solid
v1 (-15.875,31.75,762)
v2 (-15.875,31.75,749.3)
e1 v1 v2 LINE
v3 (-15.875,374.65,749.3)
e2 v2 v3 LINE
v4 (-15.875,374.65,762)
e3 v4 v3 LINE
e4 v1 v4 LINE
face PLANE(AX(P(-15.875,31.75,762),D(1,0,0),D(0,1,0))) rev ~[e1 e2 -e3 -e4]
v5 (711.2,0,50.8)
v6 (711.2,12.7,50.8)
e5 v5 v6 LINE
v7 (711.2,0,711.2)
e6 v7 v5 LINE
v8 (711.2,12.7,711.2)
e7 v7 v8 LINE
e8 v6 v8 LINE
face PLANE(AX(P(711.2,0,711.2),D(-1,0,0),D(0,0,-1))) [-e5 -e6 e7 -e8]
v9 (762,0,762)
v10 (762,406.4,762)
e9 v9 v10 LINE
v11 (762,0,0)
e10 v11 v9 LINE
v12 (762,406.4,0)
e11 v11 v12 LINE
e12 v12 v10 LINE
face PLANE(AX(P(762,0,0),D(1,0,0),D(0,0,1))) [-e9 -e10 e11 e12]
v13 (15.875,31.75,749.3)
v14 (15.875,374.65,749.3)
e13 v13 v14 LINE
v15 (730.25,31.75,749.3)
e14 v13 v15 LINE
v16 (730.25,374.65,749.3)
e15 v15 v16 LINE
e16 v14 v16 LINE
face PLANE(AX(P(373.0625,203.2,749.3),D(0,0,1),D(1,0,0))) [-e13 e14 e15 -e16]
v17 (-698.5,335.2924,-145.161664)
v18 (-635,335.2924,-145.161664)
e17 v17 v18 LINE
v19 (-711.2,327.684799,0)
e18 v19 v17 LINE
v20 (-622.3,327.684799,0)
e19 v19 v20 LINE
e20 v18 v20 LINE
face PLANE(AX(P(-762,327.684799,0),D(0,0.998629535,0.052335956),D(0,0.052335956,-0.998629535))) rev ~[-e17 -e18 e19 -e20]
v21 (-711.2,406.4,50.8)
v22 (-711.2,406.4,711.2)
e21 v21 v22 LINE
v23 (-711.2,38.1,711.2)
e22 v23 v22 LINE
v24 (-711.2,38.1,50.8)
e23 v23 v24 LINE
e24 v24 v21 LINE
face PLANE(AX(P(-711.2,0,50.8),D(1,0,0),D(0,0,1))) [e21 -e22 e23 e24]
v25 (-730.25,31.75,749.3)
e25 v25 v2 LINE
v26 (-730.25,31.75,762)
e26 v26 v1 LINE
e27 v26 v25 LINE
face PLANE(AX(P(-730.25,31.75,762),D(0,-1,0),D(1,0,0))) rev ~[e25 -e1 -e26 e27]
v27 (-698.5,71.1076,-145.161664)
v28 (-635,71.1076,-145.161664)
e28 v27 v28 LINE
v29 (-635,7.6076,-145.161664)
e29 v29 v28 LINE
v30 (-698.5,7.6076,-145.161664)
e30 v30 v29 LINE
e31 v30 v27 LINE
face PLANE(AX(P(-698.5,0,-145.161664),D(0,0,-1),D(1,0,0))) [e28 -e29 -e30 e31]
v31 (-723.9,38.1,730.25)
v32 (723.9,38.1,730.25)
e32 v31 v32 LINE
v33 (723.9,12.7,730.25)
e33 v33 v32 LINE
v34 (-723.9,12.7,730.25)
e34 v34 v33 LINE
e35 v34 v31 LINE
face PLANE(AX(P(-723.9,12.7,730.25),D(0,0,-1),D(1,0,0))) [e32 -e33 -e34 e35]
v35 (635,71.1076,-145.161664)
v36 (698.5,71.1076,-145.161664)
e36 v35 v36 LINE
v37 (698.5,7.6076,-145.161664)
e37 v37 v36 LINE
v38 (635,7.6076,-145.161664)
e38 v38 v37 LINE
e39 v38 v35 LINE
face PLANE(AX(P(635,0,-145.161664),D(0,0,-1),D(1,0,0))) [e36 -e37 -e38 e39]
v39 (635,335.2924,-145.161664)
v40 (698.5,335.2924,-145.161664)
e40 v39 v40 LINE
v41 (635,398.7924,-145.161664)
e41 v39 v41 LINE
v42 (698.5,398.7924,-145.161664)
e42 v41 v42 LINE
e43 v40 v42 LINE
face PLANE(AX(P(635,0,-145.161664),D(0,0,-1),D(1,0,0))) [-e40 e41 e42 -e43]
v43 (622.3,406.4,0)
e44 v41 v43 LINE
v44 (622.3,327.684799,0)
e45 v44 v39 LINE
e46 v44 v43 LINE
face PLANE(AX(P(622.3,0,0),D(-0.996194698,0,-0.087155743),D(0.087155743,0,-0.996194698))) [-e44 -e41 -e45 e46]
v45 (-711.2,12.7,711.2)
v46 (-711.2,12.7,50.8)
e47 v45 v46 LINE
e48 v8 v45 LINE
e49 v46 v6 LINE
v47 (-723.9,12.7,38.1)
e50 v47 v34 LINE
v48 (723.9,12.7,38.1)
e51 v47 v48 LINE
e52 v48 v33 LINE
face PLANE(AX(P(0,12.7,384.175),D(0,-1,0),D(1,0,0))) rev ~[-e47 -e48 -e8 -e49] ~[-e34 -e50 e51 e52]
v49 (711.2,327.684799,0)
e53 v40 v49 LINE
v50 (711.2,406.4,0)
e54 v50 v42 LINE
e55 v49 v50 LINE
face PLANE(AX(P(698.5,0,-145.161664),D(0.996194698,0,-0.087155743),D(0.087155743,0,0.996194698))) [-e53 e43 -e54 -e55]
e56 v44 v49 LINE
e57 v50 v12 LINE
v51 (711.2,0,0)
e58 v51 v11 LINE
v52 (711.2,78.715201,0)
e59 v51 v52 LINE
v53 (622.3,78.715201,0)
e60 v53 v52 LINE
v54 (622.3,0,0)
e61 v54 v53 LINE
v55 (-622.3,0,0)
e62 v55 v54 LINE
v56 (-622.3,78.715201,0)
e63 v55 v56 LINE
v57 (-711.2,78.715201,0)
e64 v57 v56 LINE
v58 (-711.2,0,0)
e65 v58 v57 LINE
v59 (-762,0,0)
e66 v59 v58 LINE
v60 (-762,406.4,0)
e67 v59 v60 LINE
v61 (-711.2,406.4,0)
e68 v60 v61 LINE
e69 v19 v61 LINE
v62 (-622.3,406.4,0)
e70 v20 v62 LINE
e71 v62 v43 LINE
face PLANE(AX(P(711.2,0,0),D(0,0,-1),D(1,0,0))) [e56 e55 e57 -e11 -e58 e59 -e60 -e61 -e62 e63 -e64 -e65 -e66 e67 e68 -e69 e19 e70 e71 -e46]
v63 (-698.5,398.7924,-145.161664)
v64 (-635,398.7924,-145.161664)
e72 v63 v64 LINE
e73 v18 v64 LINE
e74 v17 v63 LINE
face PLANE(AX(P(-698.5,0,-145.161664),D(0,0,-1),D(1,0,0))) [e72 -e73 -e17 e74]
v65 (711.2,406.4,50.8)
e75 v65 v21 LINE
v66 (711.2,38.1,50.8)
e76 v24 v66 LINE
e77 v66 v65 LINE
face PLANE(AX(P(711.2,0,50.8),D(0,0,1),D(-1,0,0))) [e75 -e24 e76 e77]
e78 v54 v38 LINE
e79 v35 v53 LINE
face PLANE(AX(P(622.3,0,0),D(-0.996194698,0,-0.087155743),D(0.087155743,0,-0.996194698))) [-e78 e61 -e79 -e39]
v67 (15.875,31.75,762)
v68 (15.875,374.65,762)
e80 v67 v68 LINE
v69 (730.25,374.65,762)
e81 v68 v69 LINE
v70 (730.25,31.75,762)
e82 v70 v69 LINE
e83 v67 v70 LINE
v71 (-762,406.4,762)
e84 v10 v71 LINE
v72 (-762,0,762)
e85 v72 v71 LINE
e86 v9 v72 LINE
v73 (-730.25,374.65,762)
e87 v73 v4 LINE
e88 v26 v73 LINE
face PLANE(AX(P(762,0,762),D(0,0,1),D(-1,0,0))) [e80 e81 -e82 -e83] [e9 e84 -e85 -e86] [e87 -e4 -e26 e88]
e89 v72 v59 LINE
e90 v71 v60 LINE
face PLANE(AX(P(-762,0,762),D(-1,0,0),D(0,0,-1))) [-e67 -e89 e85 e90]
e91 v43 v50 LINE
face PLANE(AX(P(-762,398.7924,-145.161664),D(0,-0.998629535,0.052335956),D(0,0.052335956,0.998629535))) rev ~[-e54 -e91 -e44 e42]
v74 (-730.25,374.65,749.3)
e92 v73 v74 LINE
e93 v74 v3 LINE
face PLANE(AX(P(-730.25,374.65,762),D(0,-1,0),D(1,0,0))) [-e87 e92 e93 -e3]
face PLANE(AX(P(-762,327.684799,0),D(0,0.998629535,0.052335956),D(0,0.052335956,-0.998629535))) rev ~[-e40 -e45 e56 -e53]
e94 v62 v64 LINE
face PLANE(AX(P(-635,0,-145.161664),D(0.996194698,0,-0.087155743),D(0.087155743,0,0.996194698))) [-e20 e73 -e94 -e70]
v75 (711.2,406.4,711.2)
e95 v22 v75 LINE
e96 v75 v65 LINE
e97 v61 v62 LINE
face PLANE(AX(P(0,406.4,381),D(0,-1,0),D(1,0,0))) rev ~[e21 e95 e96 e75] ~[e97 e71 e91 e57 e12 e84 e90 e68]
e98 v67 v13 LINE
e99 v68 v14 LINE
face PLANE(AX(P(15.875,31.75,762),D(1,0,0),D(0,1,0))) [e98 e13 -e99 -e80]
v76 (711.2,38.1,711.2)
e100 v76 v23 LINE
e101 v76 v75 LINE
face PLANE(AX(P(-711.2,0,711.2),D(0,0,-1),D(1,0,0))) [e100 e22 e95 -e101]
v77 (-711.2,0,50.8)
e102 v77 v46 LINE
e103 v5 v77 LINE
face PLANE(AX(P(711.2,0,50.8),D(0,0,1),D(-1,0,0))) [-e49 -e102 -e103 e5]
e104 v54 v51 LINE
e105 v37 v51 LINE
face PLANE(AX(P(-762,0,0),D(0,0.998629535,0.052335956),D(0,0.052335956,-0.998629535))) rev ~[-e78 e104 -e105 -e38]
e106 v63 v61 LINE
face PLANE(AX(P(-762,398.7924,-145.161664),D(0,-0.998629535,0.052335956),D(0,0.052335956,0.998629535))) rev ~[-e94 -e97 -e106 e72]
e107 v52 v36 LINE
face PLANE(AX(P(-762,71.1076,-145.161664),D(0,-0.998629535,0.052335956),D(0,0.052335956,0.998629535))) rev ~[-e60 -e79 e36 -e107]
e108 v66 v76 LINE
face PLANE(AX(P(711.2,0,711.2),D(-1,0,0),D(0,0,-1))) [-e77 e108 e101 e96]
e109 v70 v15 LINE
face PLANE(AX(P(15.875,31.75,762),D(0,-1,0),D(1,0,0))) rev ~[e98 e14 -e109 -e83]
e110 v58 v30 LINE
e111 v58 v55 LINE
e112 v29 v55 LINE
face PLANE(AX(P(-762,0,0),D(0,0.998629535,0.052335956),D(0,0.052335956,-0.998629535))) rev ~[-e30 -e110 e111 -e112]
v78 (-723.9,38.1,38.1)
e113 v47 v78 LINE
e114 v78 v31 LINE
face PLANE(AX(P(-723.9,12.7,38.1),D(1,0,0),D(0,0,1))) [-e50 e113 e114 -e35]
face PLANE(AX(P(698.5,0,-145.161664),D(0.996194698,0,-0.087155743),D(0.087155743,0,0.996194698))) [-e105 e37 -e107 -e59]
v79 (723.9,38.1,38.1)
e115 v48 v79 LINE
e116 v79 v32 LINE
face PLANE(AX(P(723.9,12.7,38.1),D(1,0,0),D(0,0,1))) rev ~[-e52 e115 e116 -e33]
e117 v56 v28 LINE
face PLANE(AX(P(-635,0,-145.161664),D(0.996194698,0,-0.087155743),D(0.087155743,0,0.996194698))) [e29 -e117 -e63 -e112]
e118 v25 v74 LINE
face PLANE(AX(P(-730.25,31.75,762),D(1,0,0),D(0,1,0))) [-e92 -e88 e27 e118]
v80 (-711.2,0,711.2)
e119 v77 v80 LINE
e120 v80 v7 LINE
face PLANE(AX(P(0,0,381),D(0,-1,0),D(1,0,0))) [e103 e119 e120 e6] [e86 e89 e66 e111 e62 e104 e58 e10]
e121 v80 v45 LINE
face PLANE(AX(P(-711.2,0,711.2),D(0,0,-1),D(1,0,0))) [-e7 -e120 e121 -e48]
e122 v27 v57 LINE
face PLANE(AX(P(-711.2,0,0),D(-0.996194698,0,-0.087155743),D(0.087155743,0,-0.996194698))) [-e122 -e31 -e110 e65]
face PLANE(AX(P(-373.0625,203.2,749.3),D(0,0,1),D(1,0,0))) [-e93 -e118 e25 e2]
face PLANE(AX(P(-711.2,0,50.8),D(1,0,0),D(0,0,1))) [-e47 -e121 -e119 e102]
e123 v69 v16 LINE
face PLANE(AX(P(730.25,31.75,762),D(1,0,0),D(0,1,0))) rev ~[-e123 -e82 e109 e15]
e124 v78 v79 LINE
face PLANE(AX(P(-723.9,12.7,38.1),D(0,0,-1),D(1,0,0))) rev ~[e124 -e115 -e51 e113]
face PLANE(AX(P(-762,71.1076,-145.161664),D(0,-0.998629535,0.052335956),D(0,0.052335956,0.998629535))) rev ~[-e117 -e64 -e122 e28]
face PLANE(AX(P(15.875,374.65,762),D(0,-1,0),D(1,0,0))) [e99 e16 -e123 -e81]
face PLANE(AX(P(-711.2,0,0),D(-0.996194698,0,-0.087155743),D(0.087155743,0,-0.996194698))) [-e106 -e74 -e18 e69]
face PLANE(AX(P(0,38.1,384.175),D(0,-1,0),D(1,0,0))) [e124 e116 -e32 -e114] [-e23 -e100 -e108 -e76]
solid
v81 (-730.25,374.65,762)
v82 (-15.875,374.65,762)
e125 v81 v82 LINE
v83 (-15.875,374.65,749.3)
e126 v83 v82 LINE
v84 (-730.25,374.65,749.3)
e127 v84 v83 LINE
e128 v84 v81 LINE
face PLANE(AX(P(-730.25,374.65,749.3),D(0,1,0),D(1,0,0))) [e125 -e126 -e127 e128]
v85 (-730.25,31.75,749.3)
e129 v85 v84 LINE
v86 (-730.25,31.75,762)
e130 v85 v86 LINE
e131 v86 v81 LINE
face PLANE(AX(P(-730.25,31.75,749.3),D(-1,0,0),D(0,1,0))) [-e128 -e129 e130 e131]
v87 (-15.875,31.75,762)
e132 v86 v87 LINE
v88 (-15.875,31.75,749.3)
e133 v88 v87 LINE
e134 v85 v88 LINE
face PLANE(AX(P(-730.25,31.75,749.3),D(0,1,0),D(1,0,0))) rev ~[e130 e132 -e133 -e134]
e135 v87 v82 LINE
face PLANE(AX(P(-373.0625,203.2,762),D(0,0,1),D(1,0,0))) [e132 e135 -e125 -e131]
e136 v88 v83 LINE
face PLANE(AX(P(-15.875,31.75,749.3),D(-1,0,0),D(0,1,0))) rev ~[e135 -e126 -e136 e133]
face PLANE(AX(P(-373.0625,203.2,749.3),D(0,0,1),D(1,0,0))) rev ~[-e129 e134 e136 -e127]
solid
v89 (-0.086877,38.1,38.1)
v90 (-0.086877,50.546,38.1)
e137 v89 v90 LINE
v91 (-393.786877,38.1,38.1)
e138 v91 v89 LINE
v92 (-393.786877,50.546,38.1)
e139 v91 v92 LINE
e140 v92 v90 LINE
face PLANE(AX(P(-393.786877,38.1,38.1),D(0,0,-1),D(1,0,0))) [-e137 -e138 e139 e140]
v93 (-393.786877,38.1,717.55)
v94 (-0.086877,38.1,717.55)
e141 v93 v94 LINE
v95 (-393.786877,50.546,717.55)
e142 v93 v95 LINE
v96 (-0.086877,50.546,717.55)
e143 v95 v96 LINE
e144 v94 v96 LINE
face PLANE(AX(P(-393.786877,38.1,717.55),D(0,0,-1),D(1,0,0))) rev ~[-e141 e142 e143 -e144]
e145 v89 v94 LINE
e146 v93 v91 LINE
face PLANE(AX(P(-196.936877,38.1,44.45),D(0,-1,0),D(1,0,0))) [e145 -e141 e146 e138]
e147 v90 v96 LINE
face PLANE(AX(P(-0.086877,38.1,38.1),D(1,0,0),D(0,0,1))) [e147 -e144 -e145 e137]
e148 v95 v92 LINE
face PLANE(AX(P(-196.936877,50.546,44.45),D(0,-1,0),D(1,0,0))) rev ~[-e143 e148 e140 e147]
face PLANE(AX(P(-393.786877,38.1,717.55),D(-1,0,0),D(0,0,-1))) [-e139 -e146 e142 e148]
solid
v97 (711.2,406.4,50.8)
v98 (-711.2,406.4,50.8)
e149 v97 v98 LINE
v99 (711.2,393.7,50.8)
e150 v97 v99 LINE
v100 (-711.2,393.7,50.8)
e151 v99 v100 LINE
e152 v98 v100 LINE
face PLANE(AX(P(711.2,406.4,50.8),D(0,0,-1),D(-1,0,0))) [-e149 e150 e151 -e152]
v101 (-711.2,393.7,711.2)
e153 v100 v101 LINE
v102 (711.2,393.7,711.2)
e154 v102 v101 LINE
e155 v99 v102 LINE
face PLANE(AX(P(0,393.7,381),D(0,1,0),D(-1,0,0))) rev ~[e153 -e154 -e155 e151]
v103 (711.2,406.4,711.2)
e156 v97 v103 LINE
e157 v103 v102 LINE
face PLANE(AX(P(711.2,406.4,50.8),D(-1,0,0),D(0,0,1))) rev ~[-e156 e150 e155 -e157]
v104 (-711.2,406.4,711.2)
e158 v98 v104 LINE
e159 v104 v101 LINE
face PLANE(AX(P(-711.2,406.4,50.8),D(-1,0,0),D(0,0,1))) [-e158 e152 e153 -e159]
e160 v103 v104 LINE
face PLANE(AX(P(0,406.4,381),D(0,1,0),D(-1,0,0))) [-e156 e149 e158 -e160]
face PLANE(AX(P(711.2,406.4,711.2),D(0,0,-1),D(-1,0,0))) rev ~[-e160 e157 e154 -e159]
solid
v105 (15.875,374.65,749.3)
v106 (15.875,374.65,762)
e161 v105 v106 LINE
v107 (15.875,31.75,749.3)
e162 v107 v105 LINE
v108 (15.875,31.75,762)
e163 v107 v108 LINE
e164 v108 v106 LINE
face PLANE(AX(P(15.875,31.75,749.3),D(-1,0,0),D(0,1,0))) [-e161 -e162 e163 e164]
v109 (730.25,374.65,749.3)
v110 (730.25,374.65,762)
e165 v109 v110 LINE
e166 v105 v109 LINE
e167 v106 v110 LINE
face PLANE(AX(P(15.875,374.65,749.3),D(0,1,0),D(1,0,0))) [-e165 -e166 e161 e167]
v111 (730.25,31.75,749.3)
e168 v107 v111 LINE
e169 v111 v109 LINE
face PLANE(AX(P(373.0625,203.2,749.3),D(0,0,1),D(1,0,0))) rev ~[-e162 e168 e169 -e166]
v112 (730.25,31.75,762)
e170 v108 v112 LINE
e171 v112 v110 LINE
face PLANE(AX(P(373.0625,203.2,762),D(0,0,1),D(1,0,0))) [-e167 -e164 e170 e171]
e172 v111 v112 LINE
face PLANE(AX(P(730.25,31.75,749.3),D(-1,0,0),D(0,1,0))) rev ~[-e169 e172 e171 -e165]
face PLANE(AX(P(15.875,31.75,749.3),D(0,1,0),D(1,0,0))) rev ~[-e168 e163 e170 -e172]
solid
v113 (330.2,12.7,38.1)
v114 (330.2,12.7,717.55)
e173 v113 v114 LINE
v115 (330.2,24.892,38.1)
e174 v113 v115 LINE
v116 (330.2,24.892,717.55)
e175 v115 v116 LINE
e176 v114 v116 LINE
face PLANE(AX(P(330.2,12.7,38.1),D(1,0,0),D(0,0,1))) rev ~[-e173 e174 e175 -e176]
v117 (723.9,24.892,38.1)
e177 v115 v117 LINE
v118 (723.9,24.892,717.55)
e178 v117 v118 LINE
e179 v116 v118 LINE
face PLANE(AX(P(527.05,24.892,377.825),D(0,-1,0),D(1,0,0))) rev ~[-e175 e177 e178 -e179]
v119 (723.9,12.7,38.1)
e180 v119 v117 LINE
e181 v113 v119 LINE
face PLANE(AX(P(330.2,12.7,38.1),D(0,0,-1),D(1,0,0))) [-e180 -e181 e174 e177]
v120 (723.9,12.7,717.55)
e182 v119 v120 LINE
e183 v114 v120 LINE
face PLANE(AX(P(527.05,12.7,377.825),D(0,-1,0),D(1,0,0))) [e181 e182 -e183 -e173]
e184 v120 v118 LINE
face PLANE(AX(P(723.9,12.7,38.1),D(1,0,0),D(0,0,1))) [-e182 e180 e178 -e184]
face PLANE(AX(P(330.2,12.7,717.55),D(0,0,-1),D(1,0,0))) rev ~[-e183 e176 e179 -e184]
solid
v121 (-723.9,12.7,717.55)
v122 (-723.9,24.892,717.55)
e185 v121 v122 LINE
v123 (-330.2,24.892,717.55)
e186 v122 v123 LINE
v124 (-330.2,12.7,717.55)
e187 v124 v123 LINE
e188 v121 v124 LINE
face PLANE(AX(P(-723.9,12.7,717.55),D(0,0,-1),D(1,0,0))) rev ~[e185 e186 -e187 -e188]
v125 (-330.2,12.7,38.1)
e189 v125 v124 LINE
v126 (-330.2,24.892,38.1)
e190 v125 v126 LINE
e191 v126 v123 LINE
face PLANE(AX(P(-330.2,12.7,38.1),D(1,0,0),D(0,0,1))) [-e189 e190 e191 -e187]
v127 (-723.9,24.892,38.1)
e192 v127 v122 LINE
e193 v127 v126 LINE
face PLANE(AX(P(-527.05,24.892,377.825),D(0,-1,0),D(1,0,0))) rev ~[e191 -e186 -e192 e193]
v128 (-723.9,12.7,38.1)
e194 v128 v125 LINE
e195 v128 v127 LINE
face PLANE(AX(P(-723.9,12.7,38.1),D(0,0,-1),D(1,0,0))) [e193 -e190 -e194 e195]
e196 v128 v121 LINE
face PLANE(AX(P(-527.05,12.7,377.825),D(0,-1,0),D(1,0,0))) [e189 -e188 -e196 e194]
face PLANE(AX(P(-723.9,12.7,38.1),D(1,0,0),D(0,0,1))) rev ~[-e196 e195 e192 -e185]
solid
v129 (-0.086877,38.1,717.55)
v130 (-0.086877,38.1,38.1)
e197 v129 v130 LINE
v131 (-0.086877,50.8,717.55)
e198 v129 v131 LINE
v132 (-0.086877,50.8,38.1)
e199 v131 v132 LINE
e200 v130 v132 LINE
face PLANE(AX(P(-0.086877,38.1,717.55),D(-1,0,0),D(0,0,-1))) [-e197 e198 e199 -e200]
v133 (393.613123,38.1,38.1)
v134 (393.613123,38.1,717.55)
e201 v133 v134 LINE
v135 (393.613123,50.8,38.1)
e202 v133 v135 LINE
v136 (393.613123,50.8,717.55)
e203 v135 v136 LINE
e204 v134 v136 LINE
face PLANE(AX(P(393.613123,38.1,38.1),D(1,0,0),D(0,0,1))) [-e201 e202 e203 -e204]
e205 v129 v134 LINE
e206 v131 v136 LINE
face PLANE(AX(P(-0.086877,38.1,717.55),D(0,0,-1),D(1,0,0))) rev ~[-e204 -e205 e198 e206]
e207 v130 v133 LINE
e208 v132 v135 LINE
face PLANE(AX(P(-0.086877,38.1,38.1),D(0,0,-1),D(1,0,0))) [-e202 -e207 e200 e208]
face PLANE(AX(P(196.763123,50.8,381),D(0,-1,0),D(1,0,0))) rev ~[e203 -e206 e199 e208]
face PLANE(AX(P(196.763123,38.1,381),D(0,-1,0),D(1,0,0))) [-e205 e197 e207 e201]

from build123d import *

# Parameters (mm, degrees)
F1_DEPTH  = 406.4
F3_W      = 1422.4
F3_H      = 660.4
F4_DEPTH  = 12.7
F6_W      = 1447.8
F6_H      = 692.15
F7_DEPTH  = 25.4
F8_W      = 393.7
F8_H      = 679.45
F9_DEPTH  = 12.192
F10_W     = 393.7
F10_H     = 12.7
F10_H_2   = 660.4
F10_H_3   = 6.35
F11_DEPTH = 12.446
F12_DEPTH = 12.7
F14_DEPTH = 1524.001
F15_W     = 714.375
F15_H     = 342.9
F16_DEPTH = 12.7
F17_DEPTH = 12.7


with BuildPart() as f1:
    # F0 (on Front) → F1 (new body)
    with BuildSketch(Plane.XZ):
        Polygon((-622.3, 0), (0, 0), (622.3, 0), (711.2, 0), (762, 0), (762, 762), (0, 762), (-762, 762), (-762, 0), (-711.2, 0), align=None)
        Polygon((-711.2, 711.2), (0, 711.2), (711.2, 711.2), (711.2, 495.3), (711.2, 473.075), (711.2, 288.925), (711.2, 266.7), (711.2, 50.8), (0, 50.8), (-711.2, 50.8), (-711.2, 266.7), (-711.2, 288.925), (-711.2, 473.075), (-711.2, 495.3), align=None, mode=Mode.SUBTRACT)
        Polygon((711.2, 0), (622.3, 0), (635, -145.1616642451), (698.5, -145.1616642451), align=None)
        Polygon((-635, -145.1616642451), (-622.3, 0), (-711.2, 0), (-698.5, -145.1616642451), align=None)
    extrude(amount=-F1_DEPTH)

    # F6 (on offset) → F7 (cut)
    with BuildSketch(Plane.XZ.offset(-12.7)):
        with Locations((0, 384.175)):
            Rectangle(F6_W, F6_H)
    extrude(amount=-F7_DEPTH, mode=Mode.SUBTRACT)

    # F13 (on face) → F14 (cut, through all)
    with BuildSketch(Plane(origin=(-762, 0, 0), x_dir=(0, -1, 0), z_dir=(-1, 0, 0))):
        Polygon((113.1209731102, 0), (0, 0), (-7.6076004601, -145.1616642451), (-71.1076004601, -145.1616642451), (-78.7152009202, 0), (-327.6847990798, 0), (-335.2923995399, -145.1616642451), (-398.7923995399, -145.1616642451), (-406.4, 0), (-529.3149352074, 0), (-529.3149352074, -225.6401926279), (113.1209731102, -225.6401926279), align=None)
    extrude(amount=-F14_DEPTH, mode=Mode.SUBTRACT)

    # F15 (on face) → F16 (cut)
    with BuildSketch(Plane.XY.offset(762)):
        with Locations((-373.0625, 203.2)):
            Rectangle(F15_W, F15_H)
        with Locations((373.0625, 203.2)):
            Rectangle(F15_W, F15_H)
    extrude(amount=-F16_DEPTH, mode=Mode.SUBTRACT)


with BuildPart() as f4:
    # F3 (on offset) → F4 (new body)
    with BuildSketch(Plane(origin=(0, 406.4, 0), x_dir=(-1, 0, 0), z_dir=(0, 1, 0))):
        with Locations((0, 381)):
            Rectangle(F3_W, F3_H)
    extrude(amount=-F4_DEPTH)


with BuildPart() as f9:
    # F8 (on offset) → F9 (new body)
    with BuildSketch(Plane.XZ.offset(-12.7)):
        with Locations((-527.05, 377.825)):
            Rectangle(F8_W, F8_H)
    extrude(amount=-F9_DEPTH)


with BuildPart() as f9b:
    # F8 (on offset) → F9, piece 2 (new body)
    with BuildSketch(Plane.XZ.offset(-12.7)):
        with Locations((527.05, 377.825)):
            Rectangle(F8_W, F8_H)
    extrude(amount=-F9_DEPTH)


with BuildPart() as f11:
    # F10 (on face) → F11 (new body)
    with BuildSketch(Plane.XZ.offset(-38.1)):
        with Locations((-196.9368773937, 44.45)):
            Rectangle(F10_W, F10_H)
        with Locations((-196.9368773937, 381)):
            Rectangle(F10_W, F10_H_2)
        with Locations((-196.9368773937, 714.375)):
            Rectangle(F10_W, F10_H_3)
    extrude(amount=-F11_DEPTH)


with BuildPart() as f12:
    # F10 (on face) → F12 (new body)
    with BuildSketch(Plane.XZ.offset(-38.1)):
        with Locations((196.7631226063, 381)):
            Rectangle(F10_W, F10_H_2)
        with Locations((196.7631226063, 714.375)):
            Rectangle(F10_W, F10_H_3)
        with Locations((196.7631226063, 44.45)):
            Rectangle(F10_W, F10_H)
    extrude(amount=-F12_DEPTH)


with BuildPart() as f17:
    # F17 (new): a face of the model
    f17_faces = [f1.part.faces().sort_by_distance(p)[0] for p in [
        (-373.0625, 203.2, 749.3),
    ]]
    extrude(f17_faces, amount=F17_DEPTH)


with BuildPart() as f17b:
    # F17#2 (new): a face of the model
    f17_2_faces = [f1.part.faces().sort_by_distance(p)[0] for p in [
        (373.0625, 203.2, 749.3),
    ]]
    extrude(f17_2_faces, amount=F17_DEPTH)


solid = Compound([f1.part, f4.part, f9.part, f9b.part, f11.part, f12.part, f17.part, f17b.part])
